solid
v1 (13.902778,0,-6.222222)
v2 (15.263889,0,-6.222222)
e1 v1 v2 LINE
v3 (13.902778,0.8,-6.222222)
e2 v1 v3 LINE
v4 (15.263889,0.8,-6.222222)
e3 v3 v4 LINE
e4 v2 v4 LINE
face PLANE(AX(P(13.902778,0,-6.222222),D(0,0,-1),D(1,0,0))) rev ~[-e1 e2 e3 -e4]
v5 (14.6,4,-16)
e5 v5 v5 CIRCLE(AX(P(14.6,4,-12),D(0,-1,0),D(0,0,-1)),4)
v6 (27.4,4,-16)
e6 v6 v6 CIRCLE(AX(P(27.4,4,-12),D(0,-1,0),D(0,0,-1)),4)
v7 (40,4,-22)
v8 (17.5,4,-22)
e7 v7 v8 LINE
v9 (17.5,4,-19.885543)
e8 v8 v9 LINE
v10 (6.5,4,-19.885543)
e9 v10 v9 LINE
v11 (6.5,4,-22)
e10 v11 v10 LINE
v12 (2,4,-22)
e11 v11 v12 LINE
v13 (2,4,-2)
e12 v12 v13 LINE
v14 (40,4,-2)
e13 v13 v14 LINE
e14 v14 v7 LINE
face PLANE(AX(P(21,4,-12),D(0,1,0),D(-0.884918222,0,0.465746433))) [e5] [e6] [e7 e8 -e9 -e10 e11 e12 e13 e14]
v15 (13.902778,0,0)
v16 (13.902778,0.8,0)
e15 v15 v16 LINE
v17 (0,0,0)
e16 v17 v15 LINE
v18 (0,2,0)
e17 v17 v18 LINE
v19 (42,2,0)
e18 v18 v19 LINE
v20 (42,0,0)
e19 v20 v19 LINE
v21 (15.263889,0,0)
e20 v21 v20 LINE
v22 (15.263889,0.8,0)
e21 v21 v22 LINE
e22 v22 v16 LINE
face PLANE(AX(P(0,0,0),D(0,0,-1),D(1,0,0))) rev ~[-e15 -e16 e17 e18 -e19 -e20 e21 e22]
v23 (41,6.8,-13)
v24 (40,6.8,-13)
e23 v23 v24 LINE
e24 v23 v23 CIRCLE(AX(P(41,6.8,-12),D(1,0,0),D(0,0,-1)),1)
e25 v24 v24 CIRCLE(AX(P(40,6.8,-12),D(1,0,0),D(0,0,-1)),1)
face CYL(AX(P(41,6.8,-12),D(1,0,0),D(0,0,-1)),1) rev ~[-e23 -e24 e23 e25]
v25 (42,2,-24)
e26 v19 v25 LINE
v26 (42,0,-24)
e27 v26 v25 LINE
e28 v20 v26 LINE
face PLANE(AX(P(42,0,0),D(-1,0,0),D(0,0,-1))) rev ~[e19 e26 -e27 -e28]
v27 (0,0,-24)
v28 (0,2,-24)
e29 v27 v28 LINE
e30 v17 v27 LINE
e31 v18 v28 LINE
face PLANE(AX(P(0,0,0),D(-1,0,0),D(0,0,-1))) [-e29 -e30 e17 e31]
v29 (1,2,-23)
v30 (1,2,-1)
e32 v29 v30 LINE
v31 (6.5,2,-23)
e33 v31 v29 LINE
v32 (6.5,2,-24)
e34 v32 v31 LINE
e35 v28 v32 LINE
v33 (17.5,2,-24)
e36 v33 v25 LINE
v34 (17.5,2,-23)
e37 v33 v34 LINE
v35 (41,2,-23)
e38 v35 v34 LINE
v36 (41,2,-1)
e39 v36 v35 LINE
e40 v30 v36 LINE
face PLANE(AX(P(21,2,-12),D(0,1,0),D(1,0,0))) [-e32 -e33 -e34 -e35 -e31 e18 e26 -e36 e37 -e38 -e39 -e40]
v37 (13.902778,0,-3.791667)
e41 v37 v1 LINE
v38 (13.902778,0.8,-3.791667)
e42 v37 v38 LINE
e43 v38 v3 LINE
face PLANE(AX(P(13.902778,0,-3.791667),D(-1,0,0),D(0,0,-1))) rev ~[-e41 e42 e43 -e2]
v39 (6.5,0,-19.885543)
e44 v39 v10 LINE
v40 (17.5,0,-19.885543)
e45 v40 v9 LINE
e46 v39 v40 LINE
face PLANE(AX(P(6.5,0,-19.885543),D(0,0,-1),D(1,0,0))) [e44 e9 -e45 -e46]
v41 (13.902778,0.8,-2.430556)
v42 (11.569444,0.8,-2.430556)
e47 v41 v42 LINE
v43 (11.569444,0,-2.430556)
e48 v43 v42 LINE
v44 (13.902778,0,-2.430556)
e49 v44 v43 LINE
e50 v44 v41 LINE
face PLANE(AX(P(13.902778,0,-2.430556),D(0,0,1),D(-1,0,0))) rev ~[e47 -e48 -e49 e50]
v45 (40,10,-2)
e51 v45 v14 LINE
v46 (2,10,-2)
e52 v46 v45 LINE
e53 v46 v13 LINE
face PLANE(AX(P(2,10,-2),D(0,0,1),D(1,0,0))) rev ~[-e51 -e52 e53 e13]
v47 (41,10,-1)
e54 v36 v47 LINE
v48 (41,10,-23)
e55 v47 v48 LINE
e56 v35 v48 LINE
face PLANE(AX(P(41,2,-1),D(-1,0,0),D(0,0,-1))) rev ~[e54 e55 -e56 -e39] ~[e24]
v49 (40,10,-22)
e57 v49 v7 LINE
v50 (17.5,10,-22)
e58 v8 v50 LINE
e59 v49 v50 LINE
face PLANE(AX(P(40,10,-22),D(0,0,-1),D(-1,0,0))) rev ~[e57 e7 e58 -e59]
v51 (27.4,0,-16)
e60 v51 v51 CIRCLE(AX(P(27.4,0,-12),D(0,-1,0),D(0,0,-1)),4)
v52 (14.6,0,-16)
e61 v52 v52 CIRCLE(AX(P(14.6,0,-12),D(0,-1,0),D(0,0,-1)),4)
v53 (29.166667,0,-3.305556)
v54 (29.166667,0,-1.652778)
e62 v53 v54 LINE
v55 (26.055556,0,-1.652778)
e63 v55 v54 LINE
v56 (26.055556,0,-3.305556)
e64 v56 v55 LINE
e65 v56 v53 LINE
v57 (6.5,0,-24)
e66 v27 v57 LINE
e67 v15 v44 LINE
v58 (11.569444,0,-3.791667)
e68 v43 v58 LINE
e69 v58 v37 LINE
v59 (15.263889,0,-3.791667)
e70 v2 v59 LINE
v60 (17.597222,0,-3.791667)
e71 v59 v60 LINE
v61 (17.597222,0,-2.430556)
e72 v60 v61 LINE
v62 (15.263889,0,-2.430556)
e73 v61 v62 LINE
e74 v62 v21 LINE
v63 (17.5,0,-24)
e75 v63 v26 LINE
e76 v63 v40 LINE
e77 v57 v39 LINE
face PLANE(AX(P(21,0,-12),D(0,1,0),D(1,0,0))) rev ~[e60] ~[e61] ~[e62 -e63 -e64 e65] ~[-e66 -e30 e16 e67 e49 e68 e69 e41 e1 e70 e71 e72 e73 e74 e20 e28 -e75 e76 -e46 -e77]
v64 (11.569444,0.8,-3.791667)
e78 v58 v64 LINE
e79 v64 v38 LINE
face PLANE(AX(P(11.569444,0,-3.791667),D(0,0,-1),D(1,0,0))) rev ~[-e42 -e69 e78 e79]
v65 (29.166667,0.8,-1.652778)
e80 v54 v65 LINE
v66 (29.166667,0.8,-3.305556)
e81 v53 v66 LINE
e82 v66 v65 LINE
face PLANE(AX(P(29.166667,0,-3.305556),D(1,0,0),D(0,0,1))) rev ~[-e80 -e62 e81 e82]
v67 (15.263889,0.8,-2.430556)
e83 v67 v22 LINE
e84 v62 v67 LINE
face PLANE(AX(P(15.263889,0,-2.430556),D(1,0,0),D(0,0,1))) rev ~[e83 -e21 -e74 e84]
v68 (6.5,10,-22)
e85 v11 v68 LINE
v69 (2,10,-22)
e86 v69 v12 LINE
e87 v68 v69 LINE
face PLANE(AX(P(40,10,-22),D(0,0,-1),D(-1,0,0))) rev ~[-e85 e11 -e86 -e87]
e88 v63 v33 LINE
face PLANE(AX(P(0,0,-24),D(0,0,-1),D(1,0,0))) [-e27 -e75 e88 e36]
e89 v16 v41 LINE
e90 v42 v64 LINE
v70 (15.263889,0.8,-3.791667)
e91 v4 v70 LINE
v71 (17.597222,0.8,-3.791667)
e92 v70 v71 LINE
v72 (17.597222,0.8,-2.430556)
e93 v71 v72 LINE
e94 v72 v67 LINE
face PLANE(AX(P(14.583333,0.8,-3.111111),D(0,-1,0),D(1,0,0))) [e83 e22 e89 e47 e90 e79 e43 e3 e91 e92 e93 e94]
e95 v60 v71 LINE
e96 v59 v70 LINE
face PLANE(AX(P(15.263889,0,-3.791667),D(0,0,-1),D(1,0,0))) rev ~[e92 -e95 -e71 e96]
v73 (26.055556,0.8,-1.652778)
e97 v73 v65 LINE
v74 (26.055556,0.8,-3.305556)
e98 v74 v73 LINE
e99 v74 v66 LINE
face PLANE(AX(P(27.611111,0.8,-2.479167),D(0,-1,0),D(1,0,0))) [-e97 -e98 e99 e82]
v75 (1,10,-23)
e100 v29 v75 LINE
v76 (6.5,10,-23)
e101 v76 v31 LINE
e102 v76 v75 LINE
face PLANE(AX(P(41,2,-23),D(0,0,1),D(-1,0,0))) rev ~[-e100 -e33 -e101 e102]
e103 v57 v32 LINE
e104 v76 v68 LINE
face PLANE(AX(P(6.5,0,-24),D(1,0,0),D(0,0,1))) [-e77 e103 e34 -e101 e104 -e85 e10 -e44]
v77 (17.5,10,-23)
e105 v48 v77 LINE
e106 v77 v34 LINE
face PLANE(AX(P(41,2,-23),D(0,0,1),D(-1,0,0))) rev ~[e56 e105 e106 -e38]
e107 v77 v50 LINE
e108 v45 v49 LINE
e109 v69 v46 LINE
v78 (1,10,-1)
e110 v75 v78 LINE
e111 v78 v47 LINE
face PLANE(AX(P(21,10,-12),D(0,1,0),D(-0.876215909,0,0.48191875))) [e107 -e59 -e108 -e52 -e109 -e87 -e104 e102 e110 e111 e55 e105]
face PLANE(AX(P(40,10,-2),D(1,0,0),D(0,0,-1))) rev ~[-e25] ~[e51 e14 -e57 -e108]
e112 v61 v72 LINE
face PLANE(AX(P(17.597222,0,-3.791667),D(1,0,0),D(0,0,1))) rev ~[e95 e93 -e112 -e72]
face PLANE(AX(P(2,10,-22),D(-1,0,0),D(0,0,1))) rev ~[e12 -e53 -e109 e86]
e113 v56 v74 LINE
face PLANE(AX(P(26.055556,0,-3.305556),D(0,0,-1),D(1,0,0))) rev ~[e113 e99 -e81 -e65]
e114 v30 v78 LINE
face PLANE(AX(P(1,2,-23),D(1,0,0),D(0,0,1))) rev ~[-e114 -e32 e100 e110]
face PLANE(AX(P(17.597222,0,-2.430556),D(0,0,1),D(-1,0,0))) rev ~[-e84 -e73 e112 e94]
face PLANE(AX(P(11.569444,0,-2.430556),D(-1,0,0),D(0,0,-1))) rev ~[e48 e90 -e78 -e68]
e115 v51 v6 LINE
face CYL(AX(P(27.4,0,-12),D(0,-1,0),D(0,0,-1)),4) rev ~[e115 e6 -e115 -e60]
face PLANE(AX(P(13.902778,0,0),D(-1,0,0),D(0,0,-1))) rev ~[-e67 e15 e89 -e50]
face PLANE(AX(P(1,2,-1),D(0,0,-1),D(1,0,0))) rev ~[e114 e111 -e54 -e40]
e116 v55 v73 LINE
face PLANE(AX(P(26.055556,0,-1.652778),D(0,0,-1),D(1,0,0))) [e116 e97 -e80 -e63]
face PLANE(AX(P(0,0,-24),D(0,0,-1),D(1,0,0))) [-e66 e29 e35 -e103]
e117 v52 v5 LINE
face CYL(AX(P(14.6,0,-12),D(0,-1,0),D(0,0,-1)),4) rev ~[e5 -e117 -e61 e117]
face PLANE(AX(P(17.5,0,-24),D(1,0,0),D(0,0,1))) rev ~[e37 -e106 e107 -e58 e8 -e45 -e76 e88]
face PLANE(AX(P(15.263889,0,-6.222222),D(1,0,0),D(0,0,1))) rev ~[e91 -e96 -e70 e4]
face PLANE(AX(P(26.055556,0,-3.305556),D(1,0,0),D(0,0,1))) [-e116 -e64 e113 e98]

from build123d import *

# Parameters (mm, degrees)
SKETCH1_W           = 42
SKETCH1_H           = 24
BOSS_EXTRUDE1_DEPTH = 2
BOSS_EXTRUDE2_DEPTH = 8
CUT_EXTRUDE1_DEPTH  = 6
CUT_EXTRUDE2_REACH  = 51.396
SKETCH2_R           = 4
SKETCH3_W           = 3.111111111
SKETCH3_H           = 1.652777778
CUT_EXTRUDE3_DEPTH  = 0.8
CUT_EXTRUDE4_REACH  = 51.396
SKETCH4_W           = 11
SKETCH4_H           = 4.114457091
CUT_EXTRUDE5_REACH  = 50.549
SKETCH5_R           = 1


with BuildPart() as part:
    # Sketch1 → Boss-Extrude1 (new body)
    with BuildSketch(Plane(origin=(0, 0, 0), x_dir=(1, 0, 0), z_dir=(0, 1, 0))):
        with Locations((21, 12)):
            Rectangle(SKETCH1_W, SKETCH1_H)
    extrude(amount=BOSS_EXTRUDE1_DEPTH)

    # 3DSketch1 → Boss-Extrude2 (add)
    with BuildSketch(Plane(origin=(1, 2, -1), x_dir=(0.876215908676647, 0, -0.4819187497721558), z_dir=(0, -1, 0))):
        Polygon((0, 0), (35.048636347, 19.276749991), (45.650848842, 0), (10.602212495, -19.276749991), align=None)
    extrude(amount=-BOSS_EXTRUDE2_DEPTH)

    # 3DSketch2 → Cut-Extrude1 (cut)
    with BuildSketch(Plane(origin=(2, 10, -2), x_dir=(0.8849182223819825, 0, -0.4657464328326223), z_dir=(0, -1, 0))):
        Polygon((0, 0), (33.626892451, 17.698364448), (42.941821107, 0), (9.314928657, -17.698364448), align=None)
    extrude(amount=CUT_EXTRUDE1_DEPTH, mode=Mode.SUBTRACT)

    # Sketch2 → Cut-Extrude2 (cut, up to next)
    with BuildSketch(Plane.XZ, mode=Mode.PRIVATE) as cut_extrude2_sk1:
        with Locations(Location((27.4, -12, 0), (0, 0, 270))):
            Circle(SKETCH2_R)
    cut_extrude2_tool1 = extrude(cut_extrude2_sk1.sketch, amount=-CUT_EXTRUDE2_REACH, mode=Mode.PRIVATE) & part.part
    # Sketch2 → Cut-Extrude2 (cut, up to next)
    with BuildSketch(Plane.XZ, mode=Mode.PRIVATE) as cut_extrude2_sk2:
        with Locations(Location((14.6, -12, 0), (0, 0, 270))):
            Circle(SKETCH2_R)
    cut_extrude2_tool2 = extrude(cut_extrude2_sk2.sketch, amount=-CUT_EXTRUDE2_REACH, mode=Mode.PRIVATE) & part.part
    add(cut_extrude2_tool1.solids().sort_by_distance((27.4, 0, -12))[0], mode=Mode.SUBTRACT)
    add(cut_extrude2_tool2.solids().sort_by_distance((14.6, 0, -12))[0], mode=Mode.SUBTRACT)

    # Sketch3 → Cut-Extrude3 (cut)
    with BuildSketch(Plane.XZ):
        Polygon((13.902777778, -6.222222222), (15.263888889, -6.222222222), (15.263888889, -3.791666667), (17.597222222, -3.791666667), (17.597222222, -2.430555556), (15.263888889, -2.430555556), (15.263888889, 0), (13.902777778, 0), (13.902777778, -2.430555556), (11.569444444, -2.430555556), (11.569444444, -3.791666667), (13.902777778, -3.791666667), align=None)
        with Locations((27.611111112, -2.479166667)):
            Rectangle(SKETCH3_W, SKETCH3_H)
    extrude(amount=-CUT_EXTRUDE3_DEPTH, mode=Mode.SUBTRACT)

    # Sketch4 → Cut-Extrude4 (cut, up to next)
    with BuildSketch(Plane.XZ, mode=Mode.PRIVATE) as cut_extrude4_sk1:
        with Locations((12, -21.942771455)):
            Rectangle(SKETCH4_W, SKETCH4_H)
    cut_extrude4_tool1 = extrude(cut_extrude4_sk1.sketch, amount=-CUT_EXTRUDE4_REACH, mode=Mode.PRIVATE) & part.part
    add(cut_extrude4_tool1.solids().sort_by_distance((12, 0, -21.942771))[0], mode=Mode.SUBTRACT)

    # Sketch5 → Cut-Extrude5 (cut, up to next)
    with BuildSketch(Plane(origin=(41, 0, 0), x_dir=(0, 0, -1), z_dir=(1, 0, 0)), mode=Mode.PRIVATE) as cut_extrude5_sk1:
        with Locations((12, 6.8)):
            Circle(SKETCH5_R)
    cut_extrude5_tool1 = extrude(cut_extrude5_sk1.sketch, amount=-CUT_EXTRUDE5_REACH, mode=Mode.PRIVATE) & part.part
    add(cut_extrude5_tool1.solids().sort_by_distance((41, 6.8, -12))[0], mode=Mode.SUBTRACT)


solid = part.part
